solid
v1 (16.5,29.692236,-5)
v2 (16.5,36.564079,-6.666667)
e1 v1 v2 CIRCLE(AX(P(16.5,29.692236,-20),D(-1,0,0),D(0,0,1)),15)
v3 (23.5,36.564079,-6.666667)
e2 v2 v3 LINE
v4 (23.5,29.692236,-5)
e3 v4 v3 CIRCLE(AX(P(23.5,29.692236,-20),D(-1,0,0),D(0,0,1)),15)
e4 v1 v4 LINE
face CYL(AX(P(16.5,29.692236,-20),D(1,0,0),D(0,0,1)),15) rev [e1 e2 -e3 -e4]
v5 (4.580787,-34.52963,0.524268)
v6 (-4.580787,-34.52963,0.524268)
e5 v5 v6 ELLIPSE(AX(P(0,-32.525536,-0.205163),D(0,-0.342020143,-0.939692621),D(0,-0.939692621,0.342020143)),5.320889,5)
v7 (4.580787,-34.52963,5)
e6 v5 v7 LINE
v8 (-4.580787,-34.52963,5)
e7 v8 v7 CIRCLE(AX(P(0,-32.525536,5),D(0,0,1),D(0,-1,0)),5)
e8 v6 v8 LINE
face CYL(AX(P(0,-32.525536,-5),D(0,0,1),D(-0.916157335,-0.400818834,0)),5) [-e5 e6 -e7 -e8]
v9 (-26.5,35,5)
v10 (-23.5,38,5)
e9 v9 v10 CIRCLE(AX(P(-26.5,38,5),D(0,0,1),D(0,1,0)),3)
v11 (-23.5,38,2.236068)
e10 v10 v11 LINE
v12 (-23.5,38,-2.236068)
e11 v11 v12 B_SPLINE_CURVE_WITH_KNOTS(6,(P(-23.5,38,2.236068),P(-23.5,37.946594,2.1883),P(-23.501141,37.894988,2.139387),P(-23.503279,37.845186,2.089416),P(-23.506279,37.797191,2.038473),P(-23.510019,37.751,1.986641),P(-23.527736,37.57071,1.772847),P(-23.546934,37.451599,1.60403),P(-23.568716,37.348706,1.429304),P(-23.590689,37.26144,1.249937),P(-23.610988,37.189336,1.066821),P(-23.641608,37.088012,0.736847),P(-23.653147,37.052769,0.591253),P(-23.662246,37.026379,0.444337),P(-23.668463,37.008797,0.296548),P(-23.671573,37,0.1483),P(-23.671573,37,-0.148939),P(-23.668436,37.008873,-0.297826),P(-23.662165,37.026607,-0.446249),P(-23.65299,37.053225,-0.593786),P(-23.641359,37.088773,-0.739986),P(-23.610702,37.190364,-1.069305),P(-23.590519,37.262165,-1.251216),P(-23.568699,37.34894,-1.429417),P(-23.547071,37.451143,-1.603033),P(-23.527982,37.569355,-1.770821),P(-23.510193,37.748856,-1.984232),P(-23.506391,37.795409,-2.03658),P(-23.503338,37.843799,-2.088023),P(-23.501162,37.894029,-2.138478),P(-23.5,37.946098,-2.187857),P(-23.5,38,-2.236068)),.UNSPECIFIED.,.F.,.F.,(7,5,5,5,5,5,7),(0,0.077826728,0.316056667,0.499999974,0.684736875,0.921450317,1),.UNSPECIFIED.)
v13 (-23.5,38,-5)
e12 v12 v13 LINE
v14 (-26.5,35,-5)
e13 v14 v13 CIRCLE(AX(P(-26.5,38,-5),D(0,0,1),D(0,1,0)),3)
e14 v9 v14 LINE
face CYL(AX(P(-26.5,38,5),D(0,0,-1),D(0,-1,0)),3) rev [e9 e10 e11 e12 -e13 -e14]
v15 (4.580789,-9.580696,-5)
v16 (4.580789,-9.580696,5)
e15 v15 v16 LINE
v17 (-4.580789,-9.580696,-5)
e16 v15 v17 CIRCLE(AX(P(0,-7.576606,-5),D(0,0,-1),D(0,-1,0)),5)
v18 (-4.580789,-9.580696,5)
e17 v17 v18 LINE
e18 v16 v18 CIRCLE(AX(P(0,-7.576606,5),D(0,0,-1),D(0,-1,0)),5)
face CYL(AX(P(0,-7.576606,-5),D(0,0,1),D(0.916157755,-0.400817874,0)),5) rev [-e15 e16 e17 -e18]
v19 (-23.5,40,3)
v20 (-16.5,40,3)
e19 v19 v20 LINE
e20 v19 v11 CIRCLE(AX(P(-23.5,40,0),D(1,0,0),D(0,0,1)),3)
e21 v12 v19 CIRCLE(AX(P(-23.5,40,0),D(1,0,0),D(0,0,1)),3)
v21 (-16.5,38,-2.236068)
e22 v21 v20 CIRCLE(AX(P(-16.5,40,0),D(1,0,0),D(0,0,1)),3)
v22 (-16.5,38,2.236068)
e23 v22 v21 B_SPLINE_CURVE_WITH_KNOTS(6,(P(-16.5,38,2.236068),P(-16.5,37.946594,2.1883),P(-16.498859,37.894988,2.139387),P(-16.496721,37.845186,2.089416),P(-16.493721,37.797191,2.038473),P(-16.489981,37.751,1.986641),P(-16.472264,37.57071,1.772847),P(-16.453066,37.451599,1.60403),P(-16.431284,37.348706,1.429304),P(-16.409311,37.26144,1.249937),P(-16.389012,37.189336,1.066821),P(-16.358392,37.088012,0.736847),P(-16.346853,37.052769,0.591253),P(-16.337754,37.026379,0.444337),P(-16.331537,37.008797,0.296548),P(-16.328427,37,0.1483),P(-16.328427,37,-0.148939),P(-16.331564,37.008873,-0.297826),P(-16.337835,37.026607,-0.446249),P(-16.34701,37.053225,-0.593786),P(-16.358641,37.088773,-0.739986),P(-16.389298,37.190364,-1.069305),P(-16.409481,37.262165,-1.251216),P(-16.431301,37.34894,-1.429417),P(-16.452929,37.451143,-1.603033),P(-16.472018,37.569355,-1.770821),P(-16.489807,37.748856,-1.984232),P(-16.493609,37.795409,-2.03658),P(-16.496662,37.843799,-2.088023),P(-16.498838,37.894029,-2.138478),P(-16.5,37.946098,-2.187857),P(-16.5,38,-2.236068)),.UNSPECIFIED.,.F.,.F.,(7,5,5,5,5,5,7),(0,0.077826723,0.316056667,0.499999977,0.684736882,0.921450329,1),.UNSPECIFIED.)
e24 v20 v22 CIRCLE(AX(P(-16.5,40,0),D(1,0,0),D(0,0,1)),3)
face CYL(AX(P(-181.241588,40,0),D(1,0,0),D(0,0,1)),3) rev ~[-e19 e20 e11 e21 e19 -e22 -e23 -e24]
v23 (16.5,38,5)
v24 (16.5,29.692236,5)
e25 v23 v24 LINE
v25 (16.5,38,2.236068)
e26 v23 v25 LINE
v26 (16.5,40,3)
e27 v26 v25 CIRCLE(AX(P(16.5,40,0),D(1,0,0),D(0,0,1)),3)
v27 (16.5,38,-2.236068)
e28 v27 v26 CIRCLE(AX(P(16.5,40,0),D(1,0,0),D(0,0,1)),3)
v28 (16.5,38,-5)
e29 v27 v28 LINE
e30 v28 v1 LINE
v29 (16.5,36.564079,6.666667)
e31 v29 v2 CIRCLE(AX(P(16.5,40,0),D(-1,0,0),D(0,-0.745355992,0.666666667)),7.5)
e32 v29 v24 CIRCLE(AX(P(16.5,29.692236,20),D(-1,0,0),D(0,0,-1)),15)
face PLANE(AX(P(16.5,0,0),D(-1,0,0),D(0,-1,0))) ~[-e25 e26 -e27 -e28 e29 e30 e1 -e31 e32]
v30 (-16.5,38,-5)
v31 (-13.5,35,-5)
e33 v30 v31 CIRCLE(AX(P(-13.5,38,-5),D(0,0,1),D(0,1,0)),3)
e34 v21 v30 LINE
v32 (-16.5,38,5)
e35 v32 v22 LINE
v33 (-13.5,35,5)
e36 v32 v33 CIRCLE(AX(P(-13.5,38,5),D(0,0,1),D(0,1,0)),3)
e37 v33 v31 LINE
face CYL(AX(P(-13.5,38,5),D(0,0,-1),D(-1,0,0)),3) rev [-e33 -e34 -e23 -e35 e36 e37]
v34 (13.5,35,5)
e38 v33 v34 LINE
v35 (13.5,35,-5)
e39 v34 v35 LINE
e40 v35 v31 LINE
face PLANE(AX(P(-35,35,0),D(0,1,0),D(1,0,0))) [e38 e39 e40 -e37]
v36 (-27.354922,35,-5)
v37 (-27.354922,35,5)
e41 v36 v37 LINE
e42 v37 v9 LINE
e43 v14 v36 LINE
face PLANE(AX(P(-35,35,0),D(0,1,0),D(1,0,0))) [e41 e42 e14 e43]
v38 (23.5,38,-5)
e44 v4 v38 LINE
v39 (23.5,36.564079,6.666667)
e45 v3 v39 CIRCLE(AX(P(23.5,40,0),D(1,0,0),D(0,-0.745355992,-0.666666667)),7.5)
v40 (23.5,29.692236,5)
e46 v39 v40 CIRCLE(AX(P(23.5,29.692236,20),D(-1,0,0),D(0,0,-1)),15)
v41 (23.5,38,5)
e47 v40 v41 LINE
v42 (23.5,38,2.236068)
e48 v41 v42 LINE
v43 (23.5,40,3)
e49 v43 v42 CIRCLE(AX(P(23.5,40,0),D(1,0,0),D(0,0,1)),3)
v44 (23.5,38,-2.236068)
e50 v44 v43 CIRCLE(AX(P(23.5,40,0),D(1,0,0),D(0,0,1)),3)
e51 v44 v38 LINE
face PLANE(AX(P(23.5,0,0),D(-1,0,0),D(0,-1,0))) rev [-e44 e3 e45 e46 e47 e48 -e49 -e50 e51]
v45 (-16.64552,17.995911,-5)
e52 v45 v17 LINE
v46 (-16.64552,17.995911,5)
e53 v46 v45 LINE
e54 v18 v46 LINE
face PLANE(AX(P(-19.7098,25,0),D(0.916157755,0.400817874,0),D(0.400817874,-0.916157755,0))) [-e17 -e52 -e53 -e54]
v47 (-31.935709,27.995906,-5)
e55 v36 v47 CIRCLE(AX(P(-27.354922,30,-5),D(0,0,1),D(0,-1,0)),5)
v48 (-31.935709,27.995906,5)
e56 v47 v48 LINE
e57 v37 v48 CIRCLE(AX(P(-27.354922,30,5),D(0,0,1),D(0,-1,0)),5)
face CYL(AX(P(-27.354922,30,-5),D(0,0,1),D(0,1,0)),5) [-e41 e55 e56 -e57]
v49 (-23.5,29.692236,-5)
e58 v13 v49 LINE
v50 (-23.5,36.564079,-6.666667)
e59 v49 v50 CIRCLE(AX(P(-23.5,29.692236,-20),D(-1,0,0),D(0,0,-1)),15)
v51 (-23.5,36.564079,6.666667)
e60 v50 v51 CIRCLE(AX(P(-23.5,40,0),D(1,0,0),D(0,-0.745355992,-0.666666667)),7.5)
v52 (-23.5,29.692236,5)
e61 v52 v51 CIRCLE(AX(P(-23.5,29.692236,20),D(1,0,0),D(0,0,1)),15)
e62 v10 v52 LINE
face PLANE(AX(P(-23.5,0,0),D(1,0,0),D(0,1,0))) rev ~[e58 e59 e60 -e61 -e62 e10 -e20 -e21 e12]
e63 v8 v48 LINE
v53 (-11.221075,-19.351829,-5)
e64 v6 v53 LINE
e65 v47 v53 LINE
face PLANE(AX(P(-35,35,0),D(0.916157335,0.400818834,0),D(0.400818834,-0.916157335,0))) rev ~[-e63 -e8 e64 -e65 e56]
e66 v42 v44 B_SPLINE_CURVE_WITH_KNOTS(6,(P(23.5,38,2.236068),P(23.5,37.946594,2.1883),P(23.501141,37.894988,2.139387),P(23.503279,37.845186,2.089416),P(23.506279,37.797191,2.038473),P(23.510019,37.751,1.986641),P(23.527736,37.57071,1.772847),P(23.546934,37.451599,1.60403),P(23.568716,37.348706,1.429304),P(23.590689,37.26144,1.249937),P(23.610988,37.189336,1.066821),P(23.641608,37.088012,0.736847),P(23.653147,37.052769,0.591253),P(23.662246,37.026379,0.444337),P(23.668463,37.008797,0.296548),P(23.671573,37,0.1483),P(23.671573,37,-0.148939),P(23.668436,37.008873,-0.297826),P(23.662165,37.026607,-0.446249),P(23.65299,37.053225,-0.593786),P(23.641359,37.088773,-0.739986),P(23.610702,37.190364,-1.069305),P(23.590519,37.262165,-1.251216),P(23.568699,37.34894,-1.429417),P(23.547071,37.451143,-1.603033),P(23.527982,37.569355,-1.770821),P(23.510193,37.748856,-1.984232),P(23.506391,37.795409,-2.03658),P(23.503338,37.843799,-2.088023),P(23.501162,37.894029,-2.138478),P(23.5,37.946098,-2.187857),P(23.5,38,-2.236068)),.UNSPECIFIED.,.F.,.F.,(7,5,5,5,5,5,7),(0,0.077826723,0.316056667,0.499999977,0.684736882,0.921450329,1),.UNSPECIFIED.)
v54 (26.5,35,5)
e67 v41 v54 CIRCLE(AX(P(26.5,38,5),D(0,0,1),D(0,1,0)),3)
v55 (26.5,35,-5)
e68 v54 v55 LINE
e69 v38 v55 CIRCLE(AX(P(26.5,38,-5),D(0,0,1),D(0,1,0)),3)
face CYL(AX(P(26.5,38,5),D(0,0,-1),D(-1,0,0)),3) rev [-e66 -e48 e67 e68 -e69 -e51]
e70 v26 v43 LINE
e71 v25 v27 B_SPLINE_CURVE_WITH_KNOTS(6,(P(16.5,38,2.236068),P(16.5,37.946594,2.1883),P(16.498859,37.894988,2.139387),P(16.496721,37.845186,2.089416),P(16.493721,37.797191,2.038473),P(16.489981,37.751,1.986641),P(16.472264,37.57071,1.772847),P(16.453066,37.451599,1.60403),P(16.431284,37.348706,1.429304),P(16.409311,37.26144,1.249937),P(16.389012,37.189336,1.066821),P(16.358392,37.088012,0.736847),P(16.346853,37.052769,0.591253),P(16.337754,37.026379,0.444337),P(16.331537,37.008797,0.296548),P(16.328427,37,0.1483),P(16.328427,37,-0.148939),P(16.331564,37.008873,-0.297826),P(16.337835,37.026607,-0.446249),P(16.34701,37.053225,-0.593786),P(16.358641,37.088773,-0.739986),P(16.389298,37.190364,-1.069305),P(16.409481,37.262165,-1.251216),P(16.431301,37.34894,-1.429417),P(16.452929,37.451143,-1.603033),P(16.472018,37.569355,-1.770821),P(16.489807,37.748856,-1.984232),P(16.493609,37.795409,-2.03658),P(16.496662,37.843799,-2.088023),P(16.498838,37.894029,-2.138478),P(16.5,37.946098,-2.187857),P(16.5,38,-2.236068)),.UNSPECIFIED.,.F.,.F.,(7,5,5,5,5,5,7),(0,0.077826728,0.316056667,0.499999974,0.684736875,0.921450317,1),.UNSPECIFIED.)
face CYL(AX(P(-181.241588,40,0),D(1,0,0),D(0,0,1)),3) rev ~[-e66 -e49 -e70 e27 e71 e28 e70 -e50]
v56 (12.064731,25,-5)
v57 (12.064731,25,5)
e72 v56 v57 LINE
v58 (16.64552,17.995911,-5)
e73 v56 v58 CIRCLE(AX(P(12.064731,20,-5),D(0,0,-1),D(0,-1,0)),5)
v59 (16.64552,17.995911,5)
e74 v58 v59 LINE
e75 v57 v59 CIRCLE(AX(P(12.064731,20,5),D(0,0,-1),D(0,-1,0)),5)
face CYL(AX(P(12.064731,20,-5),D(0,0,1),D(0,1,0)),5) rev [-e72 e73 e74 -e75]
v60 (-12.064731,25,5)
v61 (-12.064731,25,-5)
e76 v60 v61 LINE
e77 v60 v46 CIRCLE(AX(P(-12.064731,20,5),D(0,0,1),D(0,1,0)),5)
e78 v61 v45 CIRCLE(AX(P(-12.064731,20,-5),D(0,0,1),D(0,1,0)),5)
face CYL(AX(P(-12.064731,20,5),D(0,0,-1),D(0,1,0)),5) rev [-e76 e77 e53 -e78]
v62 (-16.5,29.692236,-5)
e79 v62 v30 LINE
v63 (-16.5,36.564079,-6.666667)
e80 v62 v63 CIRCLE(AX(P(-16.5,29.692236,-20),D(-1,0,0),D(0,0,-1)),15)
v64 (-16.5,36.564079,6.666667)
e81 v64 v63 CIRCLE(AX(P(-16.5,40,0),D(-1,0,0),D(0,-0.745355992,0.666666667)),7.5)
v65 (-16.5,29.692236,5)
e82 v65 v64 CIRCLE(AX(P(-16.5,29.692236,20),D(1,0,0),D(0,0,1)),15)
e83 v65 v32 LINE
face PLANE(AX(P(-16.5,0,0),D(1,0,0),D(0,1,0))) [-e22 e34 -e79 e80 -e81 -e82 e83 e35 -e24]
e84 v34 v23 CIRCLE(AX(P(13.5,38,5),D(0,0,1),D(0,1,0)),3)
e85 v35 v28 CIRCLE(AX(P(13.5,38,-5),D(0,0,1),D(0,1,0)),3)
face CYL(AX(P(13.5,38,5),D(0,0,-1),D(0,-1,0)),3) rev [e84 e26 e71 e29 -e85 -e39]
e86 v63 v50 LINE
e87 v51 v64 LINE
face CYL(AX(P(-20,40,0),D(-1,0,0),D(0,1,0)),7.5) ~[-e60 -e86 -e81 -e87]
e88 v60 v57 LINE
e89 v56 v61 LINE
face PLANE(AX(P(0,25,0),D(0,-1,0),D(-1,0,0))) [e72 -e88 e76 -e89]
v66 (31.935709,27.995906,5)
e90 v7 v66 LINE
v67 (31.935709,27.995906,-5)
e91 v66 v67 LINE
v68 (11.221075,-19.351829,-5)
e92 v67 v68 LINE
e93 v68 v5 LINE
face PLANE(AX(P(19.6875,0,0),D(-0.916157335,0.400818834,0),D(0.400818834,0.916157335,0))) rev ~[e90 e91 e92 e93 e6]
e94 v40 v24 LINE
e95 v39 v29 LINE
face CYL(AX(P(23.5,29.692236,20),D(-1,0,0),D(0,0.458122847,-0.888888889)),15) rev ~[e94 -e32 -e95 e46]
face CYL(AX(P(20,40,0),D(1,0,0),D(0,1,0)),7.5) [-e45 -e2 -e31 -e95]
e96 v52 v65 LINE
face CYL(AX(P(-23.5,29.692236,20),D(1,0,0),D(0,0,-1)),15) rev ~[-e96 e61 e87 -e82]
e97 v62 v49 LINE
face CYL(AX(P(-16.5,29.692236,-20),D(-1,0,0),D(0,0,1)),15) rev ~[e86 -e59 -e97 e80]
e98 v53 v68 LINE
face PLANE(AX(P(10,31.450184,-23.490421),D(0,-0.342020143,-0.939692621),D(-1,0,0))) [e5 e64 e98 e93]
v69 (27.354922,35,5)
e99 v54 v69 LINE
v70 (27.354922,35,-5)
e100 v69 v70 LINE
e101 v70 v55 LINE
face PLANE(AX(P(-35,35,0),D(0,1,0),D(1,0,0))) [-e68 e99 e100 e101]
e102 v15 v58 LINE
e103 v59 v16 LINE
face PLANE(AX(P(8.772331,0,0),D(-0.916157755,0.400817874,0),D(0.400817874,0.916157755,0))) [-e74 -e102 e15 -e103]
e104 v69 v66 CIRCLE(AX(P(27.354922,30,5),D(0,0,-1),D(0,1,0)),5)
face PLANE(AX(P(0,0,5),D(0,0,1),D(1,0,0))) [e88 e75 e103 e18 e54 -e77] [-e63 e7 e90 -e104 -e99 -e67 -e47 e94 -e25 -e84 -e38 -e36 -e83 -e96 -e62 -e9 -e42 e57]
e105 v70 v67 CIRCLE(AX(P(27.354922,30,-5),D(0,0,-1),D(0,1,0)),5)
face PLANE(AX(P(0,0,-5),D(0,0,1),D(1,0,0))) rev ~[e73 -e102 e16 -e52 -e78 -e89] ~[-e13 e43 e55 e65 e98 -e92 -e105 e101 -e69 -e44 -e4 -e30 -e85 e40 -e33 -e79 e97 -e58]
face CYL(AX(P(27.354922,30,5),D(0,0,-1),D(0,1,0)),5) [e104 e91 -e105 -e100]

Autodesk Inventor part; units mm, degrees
ref_plane "XZ Plane" through (0, 0, 0) normal (0, 1, 0) x (-1, 0, 0)
sketch "Náčrt1" plane through (0, 0, 0) normal (0, 0, 1) x (1, 0, 0)
  line L0 (-35, 35) -> (35, 35)
  line L1 (-35, 35) -> (0, -45)
  line L2 (0, -45) -> (35, 35)
  line L3 (0, 51) -> (0, -61) projected
  line L4 (-49, 0) -> (49, 0) projected
  line L5 (19.7098, 25) -> (-19.7098, 25)
  line L6 (-19.7098, 25) -> (0, -20.0511)
  line L7 (0, -20.0511) -> (19.7098, 25)
  point P0 (0, 0)
  dimension "d3" = 70
  dimension "d36" = 80
  dimension "d37" = 35
  dimension "d38" = 10
extrude "Vysunutí1" add sketch "Náčrt1" along normal mid plane 10 contours L0 L3 L5 L6 L4 L1 | L0 L2 L4 L7 L5 L3 | L4 L6 L3 L1 | L3 L7 L4 L2
fillet "Zaoblení1" radius 5 6 edges at (-35, 35, 0) (35, 35, 0) (0, -45, 0) (0, -20.0511, 0) (-19.7098, 25, 0) (19.7098, 25, 0)
ref_plane "Pracovní rovina1" through (20, 0, 0) normal (1, 0, 0) x (0, 1, 0)
ref_plane "Pracovní rovina2" through (-20, 0, 0) normal (1, 0, 0) x (0, 1, 0)
sketch "Náčrt3" plane through (20, 0, 0) normal (1, 0, 0) x (0, 1, 0)
  line L0 (45, -5) -> (30, -5)
  line L1 (30, -5) -> (30, 5)
  line L2 (30, 5) -> (45, 5)
  line L3 (45, 5) -> (45, -5)
  line L4 (35, 5) -> (35, -5) projected
  point P0 (0, 0)
  dimension "d18" = 15
  dimension "d19" = 10
  dimension "d20" = 10
sketch "Náčrt4" plane through (-20, 0, 0) normal (1, 0, 0) x (0, 1, 0)
  line L0 (35, -5) -> (27.9959, -5) projected
  line L1 (27.9959, -5) -> (27.9959, 5) projected
  line L2 (27.9959, 5) -> (35, 5) projected
  line L3 (35, 5) -> (35, -5) projected
  circle A0 centre (40, 0) radius 7.5
  point P0 (0, 0)
  point P1 (34.4098, -5)
  point P2 (34.4098, 5)
  dimension "d61" = 15
extrude "Vysunutí2" add sketch "Náčrt4" along normal mid plane 7
fillet "Zaoblení2" radius 3 2 edges at (-16.5, 35, 0) (-23.5, 35, 0)
ref_plane "Pracovní rovina7" through (23.5, 0, 0) normal (1, 0, 0) x (0, 0, -1)
sketch "Náčrt8" plane through (0, 0, 0) normal (1, 0, 0) x (0, 1, 0)
  line L0 (-54.0306, 0) -> (61.5051, 0) projected
  line L1 (0, 7) -> (0, -7) projected
  line L2 (27.9959, 5) -> (-34.5296, 5) projected
  arc A0 (38, -2.2361) -> (38, 2.2361) centre (40, 0) ccw projected
  line L3 (40, 0) -> (31.4495, 23.4923)
  line L4 (31.4495, 23.4923) -> (-33.0951, 0)
  line L5 (-33.0951, 0) -> (40, 0)
  line L6 (0, -7) -> (0, 7)
  line L7 (27.9959, -5) -> (-34.5296, -5)
  arc A1 (38, -2.2361) -> (38, 2.2361) centre (40, 0) ccw
  line L8 (40, 0) -> (31.4495, -23.4923)
  line L9 (31.4495, -23.4923) -> (-33.0951, 0)
  point P0 (0, 0)
  point P1 (-19.3577, 5)
  point P2 (0, 5)
  point P3 (0, -5)
  point P4 (-19.3577, -5)
  dimension "d47" = 25
  dimension "d48" = 20
  dimension "d49" = 90
  dimension "d50" = 0
ref_plane "Pracovní rovina6" through (10, 31.4495, -23.4923) normal (0, -0.342, -0.9397) x (-1, 0, 0)
sketch "Náčrt10" plane through (10, 31.4495, -23.4923) normal (0, -0.342, -0.9397) x (-1, 0, 0)
  line L0 (-47.61, -16.3764) -> (81.0156, -16.3764)
  line L1 (81.0156, -16.3764) -> (81.0156, -106.6518)
  line L2 (81.0156, -106.6518) -> (-47.61, -106.6518)
  line L3 (-47.61, -106.6518) -> (-47.61, -16.3764)
  point P0 (10, -37.5877)
extrude "Vysunutí8" cut sketch "Náčrt10" along normal blind 10
fillet "Zaoblení3" radius 15 2 edges at (-20, 34.4098, -5) (-20, 34.4098, 5)
mirror "Zrcadlit1" about plane through (0, 0, 0) normal (1, 0, 0) of "Vysunutí2", "Zaoblení2", "Zaoblení3"
sketch "Náčrt5" plane through (23.5, 0, 0) normal (1, 0, 0) x (0, 0, -1)
  line L0 (5, 35) -> (5, 45) projected
  line L1 (5, 45) -> (-5, 45) projected
  line L2 (-5, 45) -> (-5, 35) projected
  line L3 (5, 35) -> (-5, 35) projected
  point P0 (0, 0)
  point P1 (0, 40)
hole "Díra1" at (23.5, 40, 0) direction (1, 0, 0) diameter 6 end through all both
properties part number "trojúhleník_FF"
